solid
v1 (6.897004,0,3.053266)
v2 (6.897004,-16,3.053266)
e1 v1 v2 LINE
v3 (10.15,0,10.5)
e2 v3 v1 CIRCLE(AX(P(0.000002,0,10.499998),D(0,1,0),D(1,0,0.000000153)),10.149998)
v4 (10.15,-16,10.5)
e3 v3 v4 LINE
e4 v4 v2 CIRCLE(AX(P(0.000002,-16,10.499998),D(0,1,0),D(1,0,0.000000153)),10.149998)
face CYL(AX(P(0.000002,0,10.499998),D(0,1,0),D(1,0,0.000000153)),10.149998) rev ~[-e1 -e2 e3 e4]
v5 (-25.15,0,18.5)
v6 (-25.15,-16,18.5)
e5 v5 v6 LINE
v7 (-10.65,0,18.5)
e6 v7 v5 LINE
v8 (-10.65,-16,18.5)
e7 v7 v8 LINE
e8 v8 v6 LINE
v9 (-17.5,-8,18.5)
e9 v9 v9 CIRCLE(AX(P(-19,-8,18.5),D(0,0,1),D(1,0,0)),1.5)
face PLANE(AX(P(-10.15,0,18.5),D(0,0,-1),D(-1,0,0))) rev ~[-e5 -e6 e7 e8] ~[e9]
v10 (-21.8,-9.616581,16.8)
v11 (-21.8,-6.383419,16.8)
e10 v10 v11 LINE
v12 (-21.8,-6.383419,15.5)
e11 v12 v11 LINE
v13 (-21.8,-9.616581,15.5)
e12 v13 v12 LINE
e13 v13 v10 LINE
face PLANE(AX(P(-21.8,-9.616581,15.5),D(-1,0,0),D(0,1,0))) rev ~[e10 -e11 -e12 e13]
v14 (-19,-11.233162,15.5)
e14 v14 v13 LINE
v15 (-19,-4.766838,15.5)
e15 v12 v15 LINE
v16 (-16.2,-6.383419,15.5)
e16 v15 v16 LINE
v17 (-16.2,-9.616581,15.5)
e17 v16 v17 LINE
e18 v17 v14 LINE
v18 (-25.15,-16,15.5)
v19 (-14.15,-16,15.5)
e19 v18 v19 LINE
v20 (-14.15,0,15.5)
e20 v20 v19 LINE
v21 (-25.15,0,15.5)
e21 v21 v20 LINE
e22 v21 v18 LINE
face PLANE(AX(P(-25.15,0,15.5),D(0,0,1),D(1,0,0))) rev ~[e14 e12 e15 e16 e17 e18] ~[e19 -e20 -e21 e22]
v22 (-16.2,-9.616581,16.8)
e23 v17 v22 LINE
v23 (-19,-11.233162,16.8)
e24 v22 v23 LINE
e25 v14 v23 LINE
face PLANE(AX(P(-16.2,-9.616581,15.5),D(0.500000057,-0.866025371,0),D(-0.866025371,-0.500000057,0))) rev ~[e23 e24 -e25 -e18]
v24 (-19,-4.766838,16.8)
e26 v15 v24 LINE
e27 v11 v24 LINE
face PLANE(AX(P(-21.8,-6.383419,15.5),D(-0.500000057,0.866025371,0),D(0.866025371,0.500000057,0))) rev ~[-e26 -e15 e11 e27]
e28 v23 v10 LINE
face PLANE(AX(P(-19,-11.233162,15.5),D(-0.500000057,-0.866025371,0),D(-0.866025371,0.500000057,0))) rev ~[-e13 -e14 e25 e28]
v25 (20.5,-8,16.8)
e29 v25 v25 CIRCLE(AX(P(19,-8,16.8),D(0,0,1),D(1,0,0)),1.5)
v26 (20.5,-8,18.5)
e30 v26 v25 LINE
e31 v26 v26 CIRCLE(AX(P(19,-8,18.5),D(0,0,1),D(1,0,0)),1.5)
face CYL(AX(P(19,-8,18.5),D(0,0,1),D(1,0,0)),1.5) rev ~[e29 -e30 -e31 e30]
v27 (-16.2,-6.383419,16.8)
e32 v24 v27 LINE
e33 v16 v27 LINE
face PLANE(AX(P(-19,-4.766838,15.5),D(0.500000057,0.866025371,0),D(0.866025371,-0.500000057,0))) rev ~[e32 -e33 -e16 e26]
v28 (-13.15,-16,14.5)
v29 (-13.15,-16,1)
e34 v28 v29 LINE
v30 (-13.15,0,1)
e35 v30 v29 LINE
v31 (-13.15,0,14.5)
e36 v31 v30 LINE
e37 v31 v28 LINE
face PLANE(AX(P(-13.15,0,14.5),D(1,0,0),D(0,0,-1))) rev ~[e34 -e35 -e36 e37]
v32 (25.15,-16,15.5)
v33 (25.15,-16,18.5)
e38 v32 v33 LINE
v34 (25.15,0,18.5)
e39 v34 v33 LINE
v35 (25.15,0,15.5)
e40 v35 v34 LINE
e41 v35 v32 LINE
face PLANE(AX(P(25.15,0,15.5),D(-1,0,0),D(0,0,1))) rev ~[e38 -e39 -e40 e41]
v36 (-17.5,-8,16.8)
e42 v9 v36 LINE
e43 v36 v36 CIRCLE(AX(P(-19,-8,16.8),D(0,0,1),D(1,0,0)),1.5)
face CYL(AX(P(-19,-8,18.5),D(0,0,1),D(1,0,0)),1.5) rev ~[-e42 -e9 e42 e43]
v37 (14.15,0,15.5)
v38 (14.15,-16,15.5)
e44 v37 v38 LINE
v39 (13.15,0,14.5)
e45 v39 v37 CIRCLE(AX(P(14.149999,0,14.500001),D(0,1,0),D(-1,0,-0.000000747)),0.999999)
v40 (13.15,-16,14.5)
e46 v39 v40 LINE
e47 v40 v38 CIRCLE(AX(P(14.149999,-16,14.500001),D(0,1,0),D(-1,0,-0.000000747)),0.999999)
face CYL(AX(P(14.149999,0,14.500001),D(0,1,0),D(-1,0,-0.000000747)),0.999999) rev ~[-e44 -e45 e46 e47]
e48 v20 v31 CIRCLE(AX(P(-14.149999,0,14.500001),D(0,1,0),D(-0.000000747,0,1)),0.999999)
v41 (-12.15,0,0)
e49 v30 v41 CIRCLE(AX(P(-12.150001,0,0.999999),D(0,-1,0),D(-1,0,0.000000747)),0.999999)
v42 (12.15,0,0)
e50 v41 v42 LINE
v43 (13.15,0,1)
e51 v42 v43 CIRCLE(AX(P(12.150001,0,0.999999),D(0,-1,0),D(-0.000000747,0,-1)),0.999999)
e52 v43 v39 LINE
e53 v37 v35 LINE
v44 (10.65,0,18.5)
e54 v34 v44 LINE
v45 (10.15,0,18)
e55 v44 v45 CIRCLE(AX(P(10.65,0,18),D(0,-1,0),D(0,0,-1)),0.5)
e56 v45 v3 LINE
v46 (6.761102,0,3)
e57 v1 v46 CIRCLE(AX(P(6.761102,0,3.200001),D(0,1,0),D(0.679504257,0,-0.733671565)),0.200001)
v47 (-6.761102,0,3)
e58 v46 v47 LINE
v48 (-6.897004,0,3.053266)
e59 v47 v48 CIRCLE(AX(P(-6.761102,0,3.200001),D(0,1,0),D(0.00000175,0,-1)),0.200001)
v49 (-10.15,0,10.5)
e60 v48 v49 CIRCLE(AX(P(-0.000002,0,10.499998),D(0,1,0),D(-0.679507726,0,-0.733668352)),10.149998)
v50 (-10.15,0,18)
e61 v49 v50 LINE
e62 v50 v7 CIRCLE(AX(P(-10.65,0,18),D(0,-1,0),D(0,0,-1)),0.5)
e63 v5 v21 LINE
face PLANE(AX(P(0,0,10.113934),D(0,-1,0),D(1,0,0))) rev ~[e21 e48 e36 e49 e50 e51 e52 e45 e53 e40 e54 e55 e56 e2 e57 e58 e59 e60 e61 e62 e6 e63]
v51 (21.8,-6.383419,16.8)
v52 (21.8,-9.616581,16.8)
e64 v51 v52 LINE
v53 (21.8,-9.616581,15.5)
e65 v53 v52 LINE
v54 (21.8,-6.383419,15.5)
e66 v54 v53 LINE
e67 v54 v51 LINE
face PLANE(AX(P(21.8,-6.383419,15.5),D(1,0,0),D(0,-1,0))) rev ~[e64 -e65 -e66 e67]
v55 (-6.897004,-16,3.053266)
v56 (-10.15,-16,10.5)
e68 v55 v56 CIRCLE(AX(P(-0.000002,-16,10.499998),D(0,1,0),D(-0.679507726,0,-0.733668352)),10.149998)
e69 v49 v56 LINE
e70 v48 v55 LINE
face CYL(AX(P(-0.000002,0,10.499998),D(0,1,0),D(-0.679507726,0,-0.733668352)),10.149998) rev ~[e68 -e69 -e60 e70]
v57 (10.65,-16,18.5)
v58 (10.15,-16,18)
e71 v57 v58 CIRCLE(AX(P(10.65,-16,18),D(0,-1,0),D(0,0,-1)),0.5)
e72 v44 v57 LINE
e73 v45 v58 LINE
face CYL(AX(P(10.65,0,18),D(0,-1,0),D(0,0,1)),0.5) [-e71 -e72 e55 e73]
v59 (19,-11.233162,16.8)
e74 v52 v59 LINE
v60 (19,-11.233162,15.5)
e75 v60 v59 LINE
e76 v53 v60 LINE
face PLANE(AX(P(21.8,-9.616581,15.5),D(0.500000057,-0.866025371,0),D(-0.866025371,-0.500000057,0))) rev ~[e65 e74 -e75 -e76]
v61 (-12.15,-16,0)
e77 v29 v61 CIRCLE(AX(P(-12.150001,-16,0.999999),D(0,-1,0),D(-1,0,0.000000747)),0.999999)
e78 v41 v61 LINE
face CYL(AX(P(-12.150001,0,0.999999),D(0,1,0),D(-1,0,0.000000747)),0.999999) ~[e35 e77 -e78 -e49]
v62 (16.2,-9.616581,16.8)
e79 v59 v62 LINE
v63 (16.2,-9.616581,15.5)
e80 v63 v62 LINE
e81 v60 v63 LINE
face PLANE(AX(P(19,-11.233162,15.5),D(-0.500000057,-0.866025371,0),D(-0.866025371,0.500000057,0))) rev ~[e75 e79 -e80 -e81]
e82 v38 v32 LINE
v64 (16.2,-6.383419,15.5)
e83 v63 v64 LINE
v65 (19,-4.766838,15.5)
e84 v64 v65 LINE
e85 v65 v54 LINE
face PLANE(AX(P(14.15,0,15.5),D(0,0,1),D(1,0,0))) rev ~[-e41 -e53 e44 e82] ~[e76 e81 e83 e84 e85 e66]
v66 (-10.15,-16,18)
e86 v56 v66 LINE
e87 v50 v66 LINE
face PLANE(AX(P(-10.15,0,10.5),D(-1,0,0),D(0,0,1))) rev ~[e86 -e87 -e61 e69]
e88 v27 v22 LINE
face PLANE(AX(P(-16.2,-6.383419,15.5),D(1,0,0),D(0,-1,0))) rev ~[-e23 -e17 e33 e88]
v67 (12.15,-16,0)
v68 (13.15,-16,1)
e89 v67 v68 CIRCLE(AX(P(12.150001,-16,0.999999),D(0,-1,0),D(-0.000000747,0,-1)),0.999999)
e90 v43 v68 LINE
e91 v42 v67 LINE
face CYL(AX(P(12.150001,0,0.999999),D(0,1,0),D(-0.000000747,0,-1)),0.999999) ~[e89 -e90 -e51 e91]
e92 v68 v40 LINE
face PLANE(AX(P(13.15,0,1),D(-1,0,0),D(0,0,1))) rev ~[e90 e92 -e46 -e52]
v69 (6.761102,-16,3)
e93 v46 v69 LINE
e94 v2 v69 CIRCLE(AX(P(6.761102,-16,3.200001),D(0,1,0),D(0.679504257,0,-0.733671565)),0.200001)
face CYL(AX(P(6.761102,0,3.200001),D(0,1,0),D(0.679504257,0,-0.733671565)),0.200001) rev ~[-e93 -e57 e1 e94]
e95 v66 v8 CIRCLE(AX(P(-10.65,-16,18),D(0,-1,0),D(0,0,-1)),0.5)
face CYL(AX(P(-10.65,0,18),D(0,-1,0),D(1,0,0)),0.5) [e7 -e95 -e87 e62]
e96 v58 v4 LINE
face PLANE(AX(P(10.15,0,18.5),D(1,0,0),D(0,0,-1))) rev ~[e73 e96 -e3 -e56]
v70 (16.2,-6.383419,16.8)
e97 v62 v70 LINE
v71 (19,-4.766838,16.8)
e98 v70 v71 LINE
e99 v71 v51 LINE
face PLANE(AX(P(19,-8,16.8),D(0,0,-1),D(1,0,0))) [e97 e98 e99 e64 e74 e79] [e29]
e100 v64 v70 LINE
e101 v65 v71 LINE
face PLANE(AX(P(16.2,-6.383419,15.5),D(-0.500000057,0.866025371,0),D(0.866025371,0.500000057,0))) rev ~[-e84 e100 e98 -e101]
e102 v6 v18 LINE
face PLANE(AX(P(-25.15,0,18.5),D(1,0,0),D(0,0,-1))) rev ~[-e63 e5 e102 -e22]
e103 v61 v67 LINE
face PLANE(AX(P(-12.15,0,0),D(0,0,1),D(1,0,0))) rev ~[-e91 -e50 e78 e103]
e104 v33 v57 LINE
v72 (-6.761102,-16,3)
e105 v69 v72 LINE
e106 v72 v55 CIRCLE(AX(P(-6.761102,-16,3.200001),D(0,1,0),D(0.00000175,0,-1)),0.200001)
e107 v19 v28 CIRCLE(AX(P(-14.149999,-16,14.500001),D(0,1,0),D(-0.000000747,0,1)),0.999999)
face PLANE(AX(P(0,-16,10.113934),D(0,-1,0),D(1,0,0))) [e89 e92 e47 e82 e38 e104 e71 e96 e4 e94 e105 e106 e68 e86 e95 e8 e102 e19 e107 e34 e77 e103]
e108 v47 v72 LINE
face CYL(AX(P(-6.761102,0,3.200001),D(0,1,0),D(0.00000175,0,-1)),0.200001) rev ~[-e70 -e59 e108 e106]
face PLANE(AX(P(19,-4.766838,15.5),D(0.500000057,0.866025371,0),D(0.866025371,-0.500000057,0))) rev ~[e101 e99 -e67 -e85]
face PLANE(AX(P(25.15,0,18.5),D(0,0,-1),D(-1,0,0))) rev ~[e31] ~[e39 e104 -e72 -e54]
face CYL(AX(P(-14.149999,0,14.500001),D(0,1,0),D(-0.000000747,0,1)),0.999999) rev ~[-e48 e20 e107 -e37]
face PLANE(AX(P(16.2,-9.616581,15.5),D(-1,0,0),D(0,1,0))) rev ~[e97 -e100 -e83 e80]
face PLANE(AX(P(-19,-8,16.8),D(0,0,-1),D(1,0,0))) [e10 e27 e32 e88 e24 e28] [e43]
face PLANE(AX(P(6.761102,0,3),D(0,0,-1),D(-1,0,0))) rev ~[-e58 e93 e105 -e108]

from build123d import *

# Parameters (mm, degrees)
F1_DEPTH = 16
F2_R     = 1.5
F3_DEPTH = 18.501
F5_DEPTH = 1.3
F6_R     = 0.5


with BuildPart() as f1:
    # F0 (on Front) → F1 (new body)
    with BuildSketch(Plane.XZ):
        with BuildLine():
            ThreePointArc((-13.15, 1), (-12.857107, 0.292893), (-12.15, 0))
            Line((-12.15, 0), (12.15, 0))
            ThreePointArc((12.15, 0), (12.857107, 0.292893), (13.15, 1))
            Line((13.15, 1), (13.15, 14.5))
            ThreePointArc((13.15, 14.5), (13.442893, 15.207107), (14.15, 15.5))
            Line((14.15, 15.5), (25.15, 15.5))
            Line((25.15, 15.5), (25.15, 18.5))
            Line((25.15, 18.5), (13.15, 18.5))
            Line((13.15, 18.5), (10.15, 18.5))
            Line((10.15, 18.5), (10.15, 10.5))
            ThreePointArc((10.15, 10.5), (9.301266, 6.436878), (6.897004, 3.053266))
            ThreePointArc((6.897004, 3.053266), (6.834086, 3.013792), (6.761102, 3))
            Line((6.761102, 3), (-6.761102, 3))
            ThreePointArc((-6.761102, 3), (-6.834086, 3.013792), (-6.897004, 3.053266))
            ThreePointArc((-6.897004, 3.053266), (-9.301266, 6.436878), (-10.15, 10.5))
            Line((-10.15, 10.5), (-10.15, 18.5))
            Line((-10.15, 18.5), (-13.15, 18.5))
            Line((-13.15, 18.5), (-25.15, 18.5))
            Line((-25.15, 18.5), (-25.15, 15.5))
            Line((-25.15, 15.5), (-14.15, 15.5))
            ThreePointArc((-14.15, 15.5), (-13.442893, 15.207107), (-13.15, 14.5))
            Line((-13.15, 14.5), (-13.15, 1))
        make_face()
    extrude(amount=F1_DEPTH)

    # F2 (on face) → F3 (cut, through all)
    with BuildSketch(Plane.XY.offset(18.5)):
        with Locations((-19, -8)):
            Circle(F2_R)
        with Locations((19, -8)):
            Circle(F2_R)
    extrude(amount=-F3_DEPTH, mode=Mode.SUBTRACT)

    # F4 (on face) → F5 (cut)
    with BuildSketch(Plane(origin=(0, 0, 15.5), x_dir=(1, 0, 0), z_dir=(0, 0, -1))):
        Polygon((-16.2, 6.383419), (-16.2, 9.616581), (-19, 11.233162), (-21.8, 9.616581), (-21.8, 6.383419), (-19, 4.766838), align=None)
        Polygon((19, 11.233162), (16.2, 9.616581), (16.2, 6.383419), (19, 4.766838), (21.8, 6.383419), (21.8, 9.616581), align=None)
    extrude(amount=-F5_DEPTH, mode=Mode.SUBTRACT)

    # F6
    f6_edges = [f1.edges().sort_by_distance(p)[0] for p in [
        (-10.15, -8, 18.5),
        (10.15, -8, 18.5),
    ]]
    fillet(f6_edges, radius=F6_R)


solid = f1.part
